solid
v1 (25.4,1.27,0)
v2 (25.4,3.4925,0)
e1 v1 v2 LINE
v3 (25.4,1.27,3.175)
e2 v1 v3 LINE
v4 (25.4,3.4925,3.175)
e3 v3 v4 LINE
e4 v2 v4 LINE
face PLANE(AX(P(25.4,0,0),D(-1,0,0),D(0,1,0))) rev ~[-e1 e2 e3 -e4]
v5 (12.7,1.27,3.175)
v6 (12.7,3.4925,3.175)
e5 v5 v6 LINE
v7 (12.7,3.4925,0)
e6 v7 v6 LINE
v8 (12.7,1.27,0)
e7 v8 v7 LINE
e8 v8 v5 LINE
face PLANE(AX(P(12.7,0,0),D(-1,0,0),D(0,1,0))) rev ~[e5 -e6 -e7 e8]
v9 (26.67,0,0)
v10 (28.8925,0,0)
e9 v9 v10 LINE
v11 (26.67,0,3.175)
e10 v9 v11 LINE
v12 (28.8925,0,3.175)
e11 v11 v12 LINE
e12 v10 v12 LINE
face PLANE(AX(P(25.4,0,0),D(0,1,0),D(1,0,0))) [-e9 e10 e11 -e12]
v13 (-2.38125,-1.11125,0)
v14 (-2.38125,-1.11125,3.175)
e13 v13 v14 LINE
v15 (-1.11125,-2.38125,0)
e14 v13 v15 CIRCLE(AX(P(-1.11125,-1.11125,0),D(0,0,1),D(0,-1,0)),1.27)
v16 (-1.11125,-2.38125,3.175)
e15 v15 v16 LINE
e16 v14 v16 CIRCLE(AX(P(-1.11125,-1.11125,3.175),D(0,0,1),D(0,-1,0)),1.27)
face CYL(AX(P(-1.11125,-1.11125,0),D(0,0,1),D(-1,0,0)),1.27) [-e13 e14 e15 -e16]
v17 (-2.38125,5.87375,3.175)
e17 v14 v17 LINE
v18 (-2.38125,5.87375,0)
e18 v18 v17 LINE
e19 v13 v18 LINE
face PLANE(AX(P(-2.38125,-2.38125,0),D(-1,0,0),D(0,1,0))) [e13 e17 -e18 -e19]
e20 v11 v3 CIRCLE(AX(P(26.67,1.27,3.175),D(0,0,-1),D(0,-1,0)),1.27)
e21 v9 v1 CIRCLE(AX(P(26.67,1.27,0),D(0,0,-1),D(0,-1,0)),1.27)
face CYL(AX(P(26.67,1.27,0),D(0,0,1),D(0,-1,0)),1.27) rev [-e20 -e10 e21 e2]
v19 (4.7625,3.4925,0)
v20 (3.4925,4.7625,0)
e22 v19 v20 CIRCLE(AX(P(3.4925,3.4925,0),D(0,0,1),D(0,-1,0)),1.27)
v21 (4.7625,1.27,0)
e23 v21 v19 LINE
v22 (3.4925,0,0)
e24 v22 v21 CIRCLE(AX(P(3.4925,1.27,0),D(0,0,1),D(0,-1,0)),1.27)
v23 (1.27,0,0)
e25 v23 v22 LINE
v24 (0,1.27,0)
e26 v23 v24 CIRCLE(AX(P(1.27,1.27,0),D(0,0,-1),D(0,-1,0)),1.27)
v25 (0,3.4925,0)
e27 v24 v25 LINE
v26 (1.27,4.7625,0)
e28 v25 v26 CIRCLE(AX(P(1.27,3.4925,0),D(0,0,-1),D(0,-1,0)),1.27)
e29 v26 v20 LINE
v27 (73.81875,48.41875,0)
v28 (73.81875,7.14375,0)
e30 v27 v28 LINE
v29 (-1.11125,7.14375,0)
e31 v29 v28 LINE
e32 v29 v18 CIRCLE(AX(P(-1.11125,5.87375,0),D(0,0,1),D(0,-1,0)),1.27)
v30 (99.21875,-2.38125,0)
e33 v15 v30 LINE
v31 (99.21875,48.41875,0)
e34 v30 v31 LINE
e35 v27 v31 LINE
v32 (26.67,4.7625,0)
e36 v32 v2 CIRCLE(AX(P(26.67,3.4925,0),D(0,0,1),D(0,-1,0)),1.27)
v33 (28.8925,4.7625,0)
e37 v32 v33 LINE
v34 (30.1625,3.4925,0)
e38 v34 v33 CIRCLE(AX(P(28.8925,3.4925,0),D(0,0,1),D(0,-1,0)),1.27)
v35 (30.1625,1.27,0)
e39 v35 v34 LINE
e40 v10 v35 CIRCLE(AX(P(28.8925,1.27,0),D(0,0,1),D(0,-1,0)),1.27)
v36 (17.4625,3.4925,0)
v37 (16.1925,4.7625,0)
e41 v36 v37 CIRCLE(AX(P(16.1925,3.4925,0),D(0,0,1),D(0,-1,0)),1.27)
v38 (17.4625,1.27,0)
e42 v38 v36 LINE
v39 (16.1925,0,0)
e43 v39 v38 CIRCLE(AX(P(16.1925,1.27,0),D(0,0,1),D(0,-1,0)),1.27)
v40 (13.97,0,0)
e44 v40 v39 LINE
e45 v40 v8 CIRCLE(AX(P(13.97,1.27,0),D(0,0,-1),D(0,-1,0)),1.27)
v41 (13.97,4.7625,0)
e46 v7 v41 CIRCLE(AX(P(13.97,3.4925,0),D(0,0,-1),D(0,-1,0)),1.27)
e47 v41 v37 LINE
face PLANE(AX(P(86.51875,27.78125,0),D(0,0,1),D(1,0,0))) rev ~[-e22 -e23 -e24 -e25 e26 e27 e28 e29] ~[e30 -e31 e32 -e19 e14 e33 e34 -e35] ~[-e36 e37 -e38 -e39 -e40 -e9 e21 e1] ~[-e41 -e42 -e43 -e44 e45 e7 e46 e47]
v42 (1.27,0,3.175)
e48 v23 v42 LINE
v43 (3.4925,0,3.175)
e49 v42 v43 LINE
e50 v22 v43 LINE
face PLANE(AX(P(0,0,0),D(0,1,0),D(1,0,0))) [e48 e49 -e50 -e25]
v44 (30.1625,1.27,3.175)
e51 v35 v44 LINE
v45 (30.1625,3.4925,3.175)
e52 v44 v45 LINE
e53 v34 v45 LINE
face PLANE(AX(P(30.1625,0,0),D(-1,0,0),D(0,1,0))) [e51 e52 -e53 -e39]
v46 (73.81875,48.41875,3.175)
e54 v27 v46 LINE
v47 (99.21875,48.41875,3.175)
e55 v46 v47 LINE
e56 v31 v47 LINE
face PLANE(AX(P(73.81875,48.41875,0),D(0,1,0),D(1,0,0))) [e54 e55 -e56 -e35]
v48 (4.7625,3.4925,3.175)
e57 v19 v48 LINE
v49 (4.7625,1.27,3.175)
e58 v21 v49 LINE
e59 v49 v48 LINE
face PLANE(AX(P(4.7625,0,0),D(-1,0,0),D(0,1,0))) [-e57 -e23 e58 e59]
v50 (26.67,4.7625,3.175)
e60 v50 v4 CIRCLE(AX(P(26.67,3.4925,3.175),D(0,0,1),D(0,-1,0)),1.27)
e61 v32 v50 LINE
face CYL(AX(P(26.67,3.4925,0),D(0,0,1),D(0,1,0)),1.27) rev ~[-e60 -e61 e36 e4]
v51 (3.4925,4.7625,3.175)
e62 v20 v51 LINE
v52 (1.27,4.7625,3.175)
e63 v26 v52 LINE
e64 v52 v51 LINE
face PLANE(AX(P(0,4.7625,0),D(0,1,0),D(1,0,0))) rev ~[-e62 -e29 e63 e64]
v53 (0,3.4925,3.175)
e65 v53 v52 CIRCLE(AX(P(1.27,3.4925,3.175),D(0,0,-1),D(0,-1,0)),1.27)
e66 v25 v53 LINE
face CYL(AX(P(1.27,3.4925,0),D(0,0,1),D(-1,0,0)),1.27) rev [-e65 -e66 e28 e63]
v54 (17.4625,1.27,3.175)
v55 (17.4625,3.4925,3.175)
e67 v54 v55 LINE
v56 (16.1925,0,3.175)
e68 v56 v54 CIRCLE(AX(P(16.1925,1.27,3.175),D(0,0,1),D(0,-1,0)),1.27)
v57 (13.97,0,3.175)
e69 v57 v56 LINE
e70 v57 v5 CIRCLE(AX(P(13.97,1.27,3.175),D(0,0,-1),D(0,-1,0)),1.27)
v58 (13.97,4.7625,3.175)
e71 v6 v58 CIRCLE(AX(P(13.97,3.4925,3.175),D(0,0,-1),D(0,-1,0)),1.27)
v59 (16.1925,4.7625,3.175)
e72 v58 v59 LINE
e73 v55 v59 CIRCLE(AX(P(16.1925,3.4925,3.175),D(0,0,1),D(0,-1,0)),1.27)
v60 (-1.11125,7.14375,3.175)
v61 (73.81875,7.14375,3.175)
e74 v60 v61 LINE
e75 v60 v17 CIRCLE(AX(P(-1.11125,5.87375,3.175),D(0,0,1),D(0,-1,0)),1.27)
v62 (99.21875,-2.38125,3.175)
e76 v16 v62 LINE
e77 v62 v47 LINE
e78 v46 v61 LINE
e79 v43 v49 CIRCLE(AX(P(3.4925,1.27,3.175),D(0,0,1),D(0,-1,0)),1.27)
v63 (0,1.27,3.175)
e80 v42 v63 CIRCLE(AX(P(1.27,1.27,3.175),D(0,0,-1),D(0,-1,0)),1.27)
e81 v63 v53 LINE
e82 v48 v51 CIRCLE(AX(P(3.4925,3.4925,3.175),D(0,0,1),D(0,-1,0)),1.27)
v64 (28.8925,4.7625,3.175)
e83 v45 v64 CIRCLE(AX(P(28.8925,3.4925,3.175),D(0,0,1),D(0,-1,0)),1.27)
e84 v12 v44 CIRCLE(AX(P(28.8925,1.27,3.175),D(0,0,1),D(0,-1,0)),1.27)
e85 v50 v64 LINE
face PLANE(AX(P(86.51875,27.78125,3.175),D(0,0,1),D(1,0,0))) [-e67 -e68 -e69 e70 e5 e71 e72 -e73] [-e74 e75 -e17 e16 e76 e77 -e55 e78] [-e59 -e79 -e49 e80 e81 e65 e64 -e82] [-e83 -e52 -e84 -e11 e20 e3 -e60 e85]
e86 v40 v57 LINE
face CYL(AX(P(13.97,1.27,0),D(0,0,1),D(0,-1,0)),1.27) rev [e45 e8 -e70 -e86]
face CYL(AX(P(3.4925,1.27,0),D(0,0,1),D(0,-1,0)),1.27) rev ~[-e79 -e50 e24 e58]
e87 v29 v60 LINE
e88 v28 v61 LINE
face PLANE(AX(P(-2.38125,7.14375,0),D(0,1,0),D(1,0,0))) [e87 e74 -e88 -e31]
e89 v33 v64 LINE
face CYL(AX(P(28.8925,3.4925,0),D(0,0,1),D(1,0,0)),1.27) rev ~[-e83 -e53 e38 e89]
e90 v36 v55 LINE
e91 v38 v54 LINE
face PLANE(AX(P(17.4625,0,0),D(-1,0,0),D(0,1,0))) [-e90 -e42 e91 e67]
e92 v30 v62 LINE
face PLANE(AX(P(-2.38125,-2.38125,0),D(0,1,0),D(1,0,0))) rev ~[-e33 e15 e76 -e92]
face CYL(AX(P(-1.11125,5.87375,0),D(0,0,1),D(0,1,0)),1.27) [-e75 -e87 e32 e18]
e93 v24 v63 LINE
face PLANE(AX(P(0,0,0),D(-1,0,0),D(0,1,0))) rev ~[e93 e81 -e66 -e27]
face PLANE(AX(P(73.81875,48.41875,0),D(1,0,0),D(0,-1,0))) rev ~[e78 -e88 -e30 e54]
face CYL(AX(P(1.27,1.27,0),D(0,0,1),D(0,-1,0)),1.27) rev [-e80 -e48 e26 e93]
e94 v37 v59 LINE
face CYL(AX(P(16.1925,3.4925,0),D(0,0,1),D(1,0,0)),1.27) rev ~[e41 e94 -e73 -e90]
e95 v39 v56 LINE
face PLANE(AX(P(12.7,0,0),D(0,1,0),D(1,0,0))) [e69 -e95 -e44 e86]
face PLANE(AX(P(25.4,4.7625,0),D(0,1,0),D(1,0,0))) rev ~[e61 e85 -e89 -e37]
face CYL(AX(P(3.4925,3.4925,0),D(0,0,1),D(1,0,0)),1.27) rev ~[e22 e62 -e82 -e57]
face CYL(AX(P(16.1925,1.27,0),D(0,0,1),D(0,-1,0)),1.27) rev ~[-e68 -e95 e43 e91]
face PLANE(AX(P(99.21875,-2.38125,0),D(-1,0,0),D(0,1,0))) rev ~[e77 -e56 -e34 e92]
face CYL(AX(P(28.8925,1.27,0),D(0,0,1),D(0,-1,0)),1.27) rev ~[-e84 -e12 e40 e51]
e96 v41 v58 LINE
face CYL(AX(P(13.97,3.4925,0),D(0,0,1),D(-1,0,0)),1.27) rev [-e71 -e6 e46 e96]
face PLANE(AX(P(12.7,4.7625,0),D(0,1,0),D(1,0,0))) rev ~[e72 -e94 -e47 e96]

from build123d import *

# Parameters (mm, degrees)
F0_W     = 25.4
F0_H     = 41.275
F0_H_2   = 9.525
F0_W_2   = 76.2
F0_W_3   = 4.7625
F0_H_3   = 4.7625
F1_DEPTH = 3.175
F2_R     = 1.27


with BuildPart() as f1:
    # F0 (on Top) → F1 (new body)
    with BuildSketch(Plane.XY):
        with Locations((86.51875, 27.78125)):
            Rectangle(F0_W, F0_H)
        with Locations((86.51875, 2.38125)):
            Rectangle(F0_W, F0_H_2)
        with Locations((35.71875, 2.38125)):
            Rectangle(F0_W_2, F0_H_2)
        with Locations((2.38125, 2.38125)):
            Rectangle(F0_W_3, F0_H_3, mode=Mode.SUBTRACT)
        with Locations((15.08125, 2.38125)):
            Rectangle(F0_W_3, F0_H_3, mode=Mode.SUBTRACT)
        with Locations((27.78125, 2.38125)):
            Rectangle(F0_W_3, F0_H_3, mode=Mode.SUBTRACT)
    extrude(amount=F1_DEPTH)

    # F2
    f2_edges = [f1.edges().sort_by_distance(p)[0] for p in [
        (-2.38125, -2.38125, 1.5875),
        (0, 4.7625, 1.5875),
        (12.7, 4.7625, 1.5875),
        (25.4, 4.7625, 1.5875),
        (-2.38125, 7.14375, 1.5875),
        (0, 0, 1.5875),
        (12.7, 0, 1.5875),
        (25.4, 0, 1.5875),
        (4.7625, 0, 1.5875),
        (17.4625, 0, 1.5875),
        (30.1625, 0, 1.5875),
        (4.7625, 4.7625, 1.5875),
        (17.4625, 4.7625, 1.5875),
        (30.1625, 4.7625, 1.5875),
    ]]
    fillet(f2_edges, radius=F2_R)


solid = f1.part
